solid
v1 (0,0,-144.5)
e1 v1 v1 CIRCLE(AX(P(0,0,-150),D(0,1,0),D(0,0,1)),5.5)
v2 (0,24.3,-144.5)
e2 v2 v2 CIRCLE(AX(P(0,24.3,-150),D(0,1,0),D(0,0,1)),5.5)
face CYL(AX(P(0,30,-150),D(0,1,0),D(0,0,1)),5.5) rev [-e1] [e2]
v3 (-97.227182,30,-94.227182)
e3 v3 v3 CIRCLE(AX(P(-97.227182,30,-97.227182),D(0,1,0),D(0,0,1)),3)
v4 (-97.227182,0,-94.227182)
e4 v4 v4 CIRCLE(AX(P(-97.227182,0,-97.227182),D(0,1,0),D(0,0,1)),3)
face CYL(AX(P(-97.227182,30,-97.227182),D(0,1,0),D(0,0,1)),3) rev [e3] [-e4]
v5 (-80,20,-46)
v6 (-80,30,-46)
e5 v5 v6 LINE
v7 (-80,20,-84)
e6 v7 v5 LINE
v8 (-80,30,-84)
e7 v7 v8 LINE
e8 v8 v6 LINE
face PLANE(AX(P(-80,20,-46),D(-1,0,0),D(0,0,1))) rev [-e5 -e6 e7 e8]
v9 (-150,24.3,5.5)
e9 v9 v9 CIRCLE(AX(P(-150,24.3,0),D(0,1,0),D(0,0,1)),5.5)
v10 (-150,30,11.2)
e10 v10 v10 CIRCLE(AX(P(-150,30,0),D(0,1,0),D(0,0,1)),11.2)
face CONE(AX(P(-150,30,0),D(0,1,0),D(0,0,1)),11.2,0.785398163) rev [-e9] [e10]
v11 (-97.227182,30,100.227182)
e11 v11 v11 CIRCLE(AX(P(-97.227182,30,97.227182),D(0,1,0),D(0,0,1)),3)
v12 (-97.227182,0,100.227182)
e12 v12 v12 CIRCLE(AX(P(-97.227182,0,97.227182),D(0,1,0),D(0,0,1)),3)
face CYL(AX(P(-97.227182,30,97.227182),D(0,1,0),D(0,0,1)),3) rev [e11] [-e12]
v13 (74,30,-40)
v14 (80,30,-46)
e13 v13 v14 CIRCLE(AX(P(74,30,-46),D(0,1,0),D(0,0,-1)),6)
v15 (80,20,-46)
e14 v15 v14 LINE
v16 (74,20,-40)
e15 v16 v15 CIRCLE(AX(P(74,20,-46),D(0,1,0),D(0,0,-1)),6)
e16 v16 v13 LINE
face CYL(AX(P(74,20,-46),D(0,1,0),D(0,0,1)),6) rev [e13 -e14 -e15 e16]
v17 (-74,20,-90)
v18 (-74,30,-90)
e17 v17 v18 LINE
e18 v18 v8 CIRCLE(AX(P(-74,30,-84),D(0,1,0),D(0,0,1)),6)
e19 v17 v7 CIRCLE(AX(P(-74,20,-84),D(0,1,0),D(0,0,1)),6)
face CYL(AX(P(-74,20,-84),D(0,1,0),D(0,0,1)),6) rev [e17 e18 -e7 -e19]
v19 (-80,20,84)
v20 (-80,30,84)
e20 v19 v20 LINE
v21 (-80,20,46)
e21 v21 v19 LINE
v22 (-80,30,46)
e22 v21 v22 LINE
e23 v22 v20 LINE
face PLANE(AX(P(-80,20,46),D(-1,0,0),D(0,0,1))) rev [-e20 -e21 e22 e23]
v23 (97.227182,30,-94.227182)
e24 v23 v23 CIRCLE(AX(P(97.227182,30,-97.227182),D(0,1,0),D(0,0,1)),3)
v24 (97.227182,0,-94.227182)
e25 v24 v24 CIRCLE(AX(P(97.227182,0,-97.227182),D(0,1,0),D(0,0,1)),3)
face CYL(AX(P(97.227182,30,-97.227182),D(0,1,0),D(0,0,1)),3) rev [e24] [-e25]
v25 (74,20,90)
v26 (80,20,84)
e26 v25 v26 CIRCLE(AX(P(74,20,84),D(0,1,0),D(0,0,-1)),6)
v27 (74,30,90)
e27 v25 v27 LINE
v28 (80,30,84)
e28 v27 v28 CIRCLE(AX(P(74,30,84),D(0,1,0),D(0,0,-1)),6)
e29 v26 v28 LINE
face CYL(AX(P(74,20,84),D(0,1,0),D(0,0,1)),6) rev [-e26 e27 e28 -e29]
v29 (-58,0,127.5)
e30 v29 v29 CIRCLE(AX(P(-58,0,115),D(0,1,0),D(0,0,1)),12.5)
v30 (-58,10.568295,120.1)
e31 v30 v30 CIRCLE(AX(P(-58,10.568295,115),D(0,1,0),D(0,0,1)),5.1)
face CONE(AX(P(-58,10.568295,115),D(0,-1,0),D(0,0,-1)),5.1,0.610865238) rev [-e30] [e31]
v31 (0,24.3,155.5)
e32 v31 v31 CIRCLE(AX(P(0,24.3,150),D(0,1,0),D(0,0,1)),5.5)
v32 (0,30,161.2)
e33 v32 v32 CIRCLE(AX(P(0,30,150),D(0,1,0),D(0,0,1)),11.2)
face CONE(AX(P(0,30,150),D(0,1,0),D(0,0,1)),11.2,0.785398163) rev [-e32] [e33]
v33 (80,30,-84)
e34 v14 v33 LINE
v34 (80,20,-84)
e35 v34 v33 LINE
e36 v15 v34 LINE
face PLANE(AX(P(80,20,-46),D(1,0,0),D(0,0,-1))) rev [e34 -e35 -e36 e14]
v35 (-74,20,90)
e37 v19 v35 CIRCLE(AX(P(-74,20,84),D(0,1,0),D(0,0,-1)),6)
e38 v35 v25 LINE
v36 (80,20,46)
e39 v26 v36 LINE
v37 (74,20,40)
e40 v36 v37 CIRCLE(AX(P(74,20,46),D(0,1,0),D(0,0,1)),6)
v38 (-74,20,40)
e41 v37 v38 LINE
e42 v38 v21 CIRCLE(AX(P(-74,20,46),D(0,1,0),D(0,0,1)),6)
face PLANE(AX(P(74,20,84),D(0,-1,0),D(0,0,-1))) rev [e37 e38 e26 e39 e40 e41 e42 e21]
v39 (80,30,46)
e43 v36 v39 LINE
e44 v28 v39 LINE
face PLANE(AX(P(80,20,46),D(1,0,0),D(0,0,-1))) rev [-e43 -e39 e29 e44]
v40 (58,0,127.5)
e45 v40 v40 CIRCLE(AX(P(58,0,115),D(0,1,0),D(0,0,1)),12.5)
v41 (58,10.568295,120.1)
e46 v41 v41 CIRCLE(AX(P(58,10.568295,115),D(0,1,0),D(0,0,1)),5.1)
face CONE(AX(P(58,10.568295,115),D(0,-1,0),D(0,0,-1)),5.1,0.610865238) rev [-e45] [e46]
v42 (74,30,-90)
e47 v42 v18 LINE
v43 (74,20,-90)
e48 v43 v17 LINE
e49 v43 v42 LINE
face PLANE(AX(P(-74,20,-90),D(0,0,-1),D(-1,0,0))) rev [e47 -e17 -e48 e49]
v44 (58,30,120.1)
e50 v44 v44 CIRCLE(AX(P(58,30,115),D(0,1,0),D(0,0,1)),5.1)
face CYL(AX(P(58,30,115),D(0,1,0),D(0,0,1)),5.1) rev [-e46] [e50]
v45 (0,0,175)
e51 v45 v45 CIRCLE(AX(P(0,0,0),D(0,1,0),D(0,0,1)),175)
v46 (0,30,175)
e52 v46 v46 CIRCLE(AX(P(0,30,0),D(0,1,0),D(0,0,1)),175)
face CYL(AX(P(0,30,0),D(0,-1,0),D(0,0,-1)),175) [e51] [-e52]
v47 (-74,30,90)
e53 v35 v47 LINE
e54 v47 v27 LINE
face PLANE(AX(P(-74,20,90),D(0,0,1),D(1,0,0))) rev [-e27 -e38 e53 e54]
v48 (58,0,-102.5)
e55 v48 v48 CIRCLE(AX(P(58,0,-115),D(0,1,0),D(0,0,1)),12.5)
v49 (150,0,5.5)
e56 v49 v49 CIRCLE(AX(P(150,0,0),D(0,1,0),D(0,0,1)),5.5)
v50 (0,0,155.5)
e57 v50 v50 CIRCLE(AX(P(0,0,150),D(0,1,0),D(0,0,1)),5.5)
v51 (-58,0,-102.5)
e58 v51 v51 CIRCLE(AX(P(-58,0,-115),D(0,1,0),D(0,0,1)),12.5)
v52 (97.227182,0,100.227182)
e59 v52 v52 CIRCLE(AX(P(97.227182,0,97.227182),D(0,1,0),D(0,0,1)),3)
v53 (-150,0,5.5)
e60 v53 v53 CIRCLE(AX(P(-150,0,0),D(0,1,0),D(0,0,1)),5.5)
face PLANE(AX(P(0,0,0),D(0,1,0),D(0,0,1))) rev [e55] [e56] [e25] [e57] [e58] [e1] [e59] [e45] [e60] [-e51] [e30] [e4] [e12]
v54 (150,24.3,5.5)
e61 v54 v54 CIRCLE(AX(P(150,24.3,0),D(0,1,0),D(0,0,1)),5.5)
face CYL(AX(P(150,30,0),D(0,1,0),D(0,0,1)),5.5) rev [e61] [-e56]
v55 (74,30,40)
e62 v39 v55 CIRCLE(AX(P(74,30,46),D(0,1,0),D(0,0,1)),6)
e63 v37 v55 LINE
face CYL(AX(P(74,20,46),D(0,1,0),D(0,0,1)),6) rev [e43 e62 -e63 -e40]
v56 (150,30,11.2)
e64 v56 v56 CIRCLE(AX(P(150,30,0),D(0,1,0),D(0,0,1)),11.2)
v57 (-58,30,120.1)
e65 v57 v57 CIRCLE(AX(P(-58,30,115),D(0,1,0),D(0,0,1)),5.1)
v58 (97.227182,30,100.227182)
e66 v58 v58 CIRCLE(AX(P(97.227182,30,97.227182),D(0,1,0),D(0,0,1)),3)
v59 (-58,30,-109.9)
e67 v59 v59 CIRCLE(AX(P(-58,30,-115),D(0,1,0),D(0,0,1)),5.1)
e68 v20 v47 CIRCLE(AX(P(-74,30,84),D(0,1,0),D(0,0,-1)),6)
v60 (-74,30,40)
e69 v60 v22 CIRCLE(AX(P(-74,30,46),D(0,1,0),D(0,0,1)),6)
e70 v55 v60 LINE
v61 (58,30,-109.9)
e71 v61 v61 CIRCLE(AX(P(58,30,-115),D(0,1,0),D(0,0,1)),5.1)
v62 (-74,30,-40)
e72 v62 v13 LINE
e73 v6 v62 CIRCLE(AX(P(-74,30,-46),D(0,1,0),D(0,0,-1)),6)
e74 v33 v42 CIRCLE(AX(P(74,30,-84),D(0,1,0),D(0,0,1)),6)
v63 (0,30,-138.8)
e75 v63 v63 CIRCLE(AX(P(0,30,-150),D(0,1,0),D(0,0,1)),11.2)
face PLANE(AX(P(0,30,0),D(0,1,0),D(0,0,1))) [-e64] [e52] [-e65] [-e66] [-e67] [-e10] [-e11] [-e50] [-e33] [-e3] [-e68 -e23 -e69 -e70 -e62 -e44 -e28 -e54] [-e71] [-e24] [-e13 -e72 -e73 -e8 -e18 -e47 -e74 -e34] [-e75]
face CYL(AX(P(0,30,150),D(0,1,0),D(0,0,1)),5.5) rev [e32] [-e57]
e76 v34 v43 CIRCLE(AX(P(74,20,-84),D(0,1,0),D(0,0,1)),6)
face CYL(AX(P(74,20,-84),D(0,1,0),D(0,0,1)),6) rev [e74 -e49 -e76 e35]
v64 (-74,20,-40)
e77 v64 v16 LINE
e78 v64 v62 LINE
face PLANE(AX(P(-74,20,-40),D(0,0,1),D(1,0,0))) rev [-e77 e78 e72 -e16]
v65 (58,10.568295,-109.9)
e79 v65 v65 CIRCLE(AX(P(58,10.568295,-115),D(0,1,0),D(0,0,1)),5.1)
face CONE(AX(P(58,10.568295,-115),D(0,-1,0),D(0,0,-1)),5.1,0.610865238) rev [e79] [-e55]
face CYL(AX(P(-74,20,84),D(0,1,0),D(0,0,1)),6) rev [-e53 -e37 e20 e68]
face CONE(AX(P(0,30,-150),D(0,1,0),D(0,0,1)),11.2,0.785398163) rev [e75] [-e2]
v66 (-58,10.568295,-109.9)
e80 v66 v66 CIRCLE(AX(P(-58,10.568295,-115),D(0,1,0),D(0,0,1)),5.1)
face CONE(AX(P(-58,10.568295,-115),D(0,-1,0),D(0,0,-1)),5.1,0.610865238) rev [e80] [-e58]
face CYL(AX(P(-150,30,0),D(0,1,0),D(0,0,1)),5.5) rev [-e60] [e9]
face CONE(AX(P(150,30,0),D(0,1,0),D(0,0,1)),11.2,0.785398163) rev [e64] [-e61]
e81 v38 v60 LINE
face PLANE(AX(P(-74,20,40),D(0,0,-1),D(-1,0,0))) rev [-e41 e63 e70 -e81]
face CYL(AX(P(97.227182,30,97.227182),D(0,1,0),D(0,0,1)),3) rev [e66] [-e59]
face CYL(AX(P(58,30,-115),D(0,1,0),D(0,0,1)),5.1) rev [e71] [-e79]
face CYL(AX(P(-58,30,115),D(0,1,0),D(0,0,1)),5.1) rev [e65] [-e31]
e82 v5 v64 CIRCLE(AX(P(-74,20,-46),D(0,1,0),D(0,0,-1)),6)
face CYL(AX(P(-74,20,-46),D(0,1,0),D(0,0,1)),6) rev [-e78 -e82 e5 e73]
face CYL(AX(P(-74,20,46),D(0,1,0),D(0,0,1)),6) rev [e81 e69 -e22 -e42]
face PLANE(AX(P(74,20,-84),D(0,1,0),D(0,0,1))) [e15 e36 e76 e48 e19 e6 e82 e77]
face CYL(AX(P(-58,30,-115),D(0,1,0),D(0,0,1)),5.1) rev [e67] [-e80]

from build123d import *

# Parameters (mm, degrees)
SKETCH1_R                              = 175
BOSS_EXTRUDE1_DEPTH                    = 30
CSK_FOR_M10_SFHCS1_D                   = 11
CSK_FOR_M10_SFHCS1_CSINK_D             = 22.4
CSK_FOR_M10_SFHCS1_CSINK_ANGLE         = 90
F_6_0MM_DOWEL_HOLE1_D                  = 6
CUT_EXTRUDE2_DEPTH                     = 10
TAP_DRILL_FOR_M12X1_75_TAP1_AT_2_COUNT = 2
TAP_DRILL_FOR_M12X1_75_TAP1_AT_2_PITCH = 116
TAP_DRILL_FOR_M12X1_75_TAP1_AT_3_COUNT = 2
TAP_DRILL_FOR_M12X1_75_TAP1_AT_3_PITCH = 257.596583828
TAP_DRILL_FOR_M12X1_75_TAP1_AT_4_COUNT = 2
TAP_DRILL_FOR_M12X1_75_TAP1_AT_4_PITCH = 230


with BuildPart() as part:
    # Sketch1 → Boss-Extrude1 (new body)
    with BuildSketch(Plane(origin=(0, 0, 0), x_dir=(1, 0, 0), z_dir=(0, 1, 0))):
        Circle(SKETCH1_R)
    extrude(amount=BOSS_EXTRUDE1_DEPTH)

    # CSK for M10 SFHCS1 (through all)
    with Locations(Plane(origin=(0, 30, 0), x_dir=(1, 0, 0), z_dir=(0, 1, 0))):
        with Locations((-150, 0), (0, -150), (150, 0), (0, 150)):
            CounterSinkHole(CSK_FOR_M10_SFHCS1_D / 2, CSK_FOR_M10_SFHCS1_CSINK_D / 2, counter_sink_angle=CSK_FOR_M10_SFHCS1_CSINK_ANGLE)

    # Ø6.0mm Dowel Hole1 (through all)
    with Locations(Plane(origin=(0, 30, 0), x_dir=(1, 0, 0), z_dir=(0, 1, 0))):
        with Locations((-97.227182413, -97.227182413), (97.227182413, -97.227182413), (97.227182413, 97.227182413), (-97.227182413, 97.227182413)):
            Hole(F_6_0MM_DOWEL_HOLE1_D / 2)

    # Sketch14 → Cut-Extrude2 (cut)
    with BuildSketch(Plane(origin=(0, 30, 0), x_dir=(1, 0, 0), z_dir=(0, 1, 0))):
        with BuildLine():
            Line((-74, -40), (74, -40))
            ThreePointArc((74, -40), (78.242640687, -41.757359313), (80, -46))
            Line((80, -46), (80, -84))
            ThreePointArc((80, -84), (78.242640687, -88.242640687), (74, -90))
            Line((74, -90), (-74, -90))
            ThreePointArc((-74, -90), (-78.242640687, -88.242640687), (-80, -84))
            Line((-80, -84), (-80, -46))
            ThreePointArc((-80, -46), (-78.242640687, -41.757359313), (-74, -40))
        make_face()
        with BuildLine():
            Line((80, 46), (80, 84))
            ThreePointArc((80, 84), (78.242640687, 88.242640687), (74, 90))
            Line((74, 90), (-74, 90))
            ThreePointArc((-74, 90), (-78.242640687, 88.242640687), (-80, 84))
            Line((-80, 84), (-80, 46))
            ThreePointArc((-80, 46), (-78.242640687, 41.757359313), (-74, 40))
            Line((-74, 40), (74, 40))
            ThreePointArc((74, 40), (78.242640687, 41.757359313), (80, 46))
        make_face()
    extrude(amount=-CUT_EXTRUDE2_DEPTH, mode=Mode.SUBTRACT)

    # Sketch21 → Tap Drill for M12x1.75 Tap1 (revolve, cut)
    with BuildSketch(Plane(origin=(-58, 30, -115), x_dir=(0, 0, 1), z_dir=(1, 0, 0))):
        Polygon((0, 0), (0, 30), (12.5, 30), (5.1, 19.43170475), (5.1, 0), align=None)
    tap_drill_for_m12x1_75_tap1 = revolve(axis=Axis((-58, 36.35, -115), (0, -1, 0)), mode=Mode.SUBTRACT)

    # Tap Drill for M12x1.75 Tap1 at 2: Tap Drill for M12x1.75 Tap1 ×2
    with Locations(*[(i * TAP_DRILL_FOR_M12X1_75_TAP1_AT_2_PITCH, 0, 0) for i in range(1, TAP_DRILL_FOR_M12X1_75_TAP1_AT_2_COUNT)]):
        add(tap_drill_for_m12x1_75_tap1, mode=Mode.SUBTRACT)

    # Tap Drill for M12x1.75 Tap1 at 3: Tap Drill for M12x1.75 Tap1 ×2
    with Locations(*[Vector(0.450316531, 0, 0.892868984) * (i * TAP_DRILL_FOR_M12X1_75_TAP1_AT_3_PITCH) for i in range(1, TAP_DRILL_FOR_M12X1_75_TAP1_AT_3_COUNT)]):
        add(tap_drill_for_m12x1_75_tap1, mode=Mode.SUBTRACT)

    # Tap Drill for M12x1.75 Tap1 at 4: Tap Drill for M12x1.75 Tap1 ×2
    with Locations(*[(0, 0, i * TAP_DRILL_FOR_M12X1_75_TAP1_AT_4_PITCH) for i in range(1, TAP_DRILL_FOR_M12X1_75_TAP1_AT_4_COUNT)]):
        add(tap_drill_for_m12x1_75_tap1, mode=Mode.SUBTRACT)


solid = part.part
